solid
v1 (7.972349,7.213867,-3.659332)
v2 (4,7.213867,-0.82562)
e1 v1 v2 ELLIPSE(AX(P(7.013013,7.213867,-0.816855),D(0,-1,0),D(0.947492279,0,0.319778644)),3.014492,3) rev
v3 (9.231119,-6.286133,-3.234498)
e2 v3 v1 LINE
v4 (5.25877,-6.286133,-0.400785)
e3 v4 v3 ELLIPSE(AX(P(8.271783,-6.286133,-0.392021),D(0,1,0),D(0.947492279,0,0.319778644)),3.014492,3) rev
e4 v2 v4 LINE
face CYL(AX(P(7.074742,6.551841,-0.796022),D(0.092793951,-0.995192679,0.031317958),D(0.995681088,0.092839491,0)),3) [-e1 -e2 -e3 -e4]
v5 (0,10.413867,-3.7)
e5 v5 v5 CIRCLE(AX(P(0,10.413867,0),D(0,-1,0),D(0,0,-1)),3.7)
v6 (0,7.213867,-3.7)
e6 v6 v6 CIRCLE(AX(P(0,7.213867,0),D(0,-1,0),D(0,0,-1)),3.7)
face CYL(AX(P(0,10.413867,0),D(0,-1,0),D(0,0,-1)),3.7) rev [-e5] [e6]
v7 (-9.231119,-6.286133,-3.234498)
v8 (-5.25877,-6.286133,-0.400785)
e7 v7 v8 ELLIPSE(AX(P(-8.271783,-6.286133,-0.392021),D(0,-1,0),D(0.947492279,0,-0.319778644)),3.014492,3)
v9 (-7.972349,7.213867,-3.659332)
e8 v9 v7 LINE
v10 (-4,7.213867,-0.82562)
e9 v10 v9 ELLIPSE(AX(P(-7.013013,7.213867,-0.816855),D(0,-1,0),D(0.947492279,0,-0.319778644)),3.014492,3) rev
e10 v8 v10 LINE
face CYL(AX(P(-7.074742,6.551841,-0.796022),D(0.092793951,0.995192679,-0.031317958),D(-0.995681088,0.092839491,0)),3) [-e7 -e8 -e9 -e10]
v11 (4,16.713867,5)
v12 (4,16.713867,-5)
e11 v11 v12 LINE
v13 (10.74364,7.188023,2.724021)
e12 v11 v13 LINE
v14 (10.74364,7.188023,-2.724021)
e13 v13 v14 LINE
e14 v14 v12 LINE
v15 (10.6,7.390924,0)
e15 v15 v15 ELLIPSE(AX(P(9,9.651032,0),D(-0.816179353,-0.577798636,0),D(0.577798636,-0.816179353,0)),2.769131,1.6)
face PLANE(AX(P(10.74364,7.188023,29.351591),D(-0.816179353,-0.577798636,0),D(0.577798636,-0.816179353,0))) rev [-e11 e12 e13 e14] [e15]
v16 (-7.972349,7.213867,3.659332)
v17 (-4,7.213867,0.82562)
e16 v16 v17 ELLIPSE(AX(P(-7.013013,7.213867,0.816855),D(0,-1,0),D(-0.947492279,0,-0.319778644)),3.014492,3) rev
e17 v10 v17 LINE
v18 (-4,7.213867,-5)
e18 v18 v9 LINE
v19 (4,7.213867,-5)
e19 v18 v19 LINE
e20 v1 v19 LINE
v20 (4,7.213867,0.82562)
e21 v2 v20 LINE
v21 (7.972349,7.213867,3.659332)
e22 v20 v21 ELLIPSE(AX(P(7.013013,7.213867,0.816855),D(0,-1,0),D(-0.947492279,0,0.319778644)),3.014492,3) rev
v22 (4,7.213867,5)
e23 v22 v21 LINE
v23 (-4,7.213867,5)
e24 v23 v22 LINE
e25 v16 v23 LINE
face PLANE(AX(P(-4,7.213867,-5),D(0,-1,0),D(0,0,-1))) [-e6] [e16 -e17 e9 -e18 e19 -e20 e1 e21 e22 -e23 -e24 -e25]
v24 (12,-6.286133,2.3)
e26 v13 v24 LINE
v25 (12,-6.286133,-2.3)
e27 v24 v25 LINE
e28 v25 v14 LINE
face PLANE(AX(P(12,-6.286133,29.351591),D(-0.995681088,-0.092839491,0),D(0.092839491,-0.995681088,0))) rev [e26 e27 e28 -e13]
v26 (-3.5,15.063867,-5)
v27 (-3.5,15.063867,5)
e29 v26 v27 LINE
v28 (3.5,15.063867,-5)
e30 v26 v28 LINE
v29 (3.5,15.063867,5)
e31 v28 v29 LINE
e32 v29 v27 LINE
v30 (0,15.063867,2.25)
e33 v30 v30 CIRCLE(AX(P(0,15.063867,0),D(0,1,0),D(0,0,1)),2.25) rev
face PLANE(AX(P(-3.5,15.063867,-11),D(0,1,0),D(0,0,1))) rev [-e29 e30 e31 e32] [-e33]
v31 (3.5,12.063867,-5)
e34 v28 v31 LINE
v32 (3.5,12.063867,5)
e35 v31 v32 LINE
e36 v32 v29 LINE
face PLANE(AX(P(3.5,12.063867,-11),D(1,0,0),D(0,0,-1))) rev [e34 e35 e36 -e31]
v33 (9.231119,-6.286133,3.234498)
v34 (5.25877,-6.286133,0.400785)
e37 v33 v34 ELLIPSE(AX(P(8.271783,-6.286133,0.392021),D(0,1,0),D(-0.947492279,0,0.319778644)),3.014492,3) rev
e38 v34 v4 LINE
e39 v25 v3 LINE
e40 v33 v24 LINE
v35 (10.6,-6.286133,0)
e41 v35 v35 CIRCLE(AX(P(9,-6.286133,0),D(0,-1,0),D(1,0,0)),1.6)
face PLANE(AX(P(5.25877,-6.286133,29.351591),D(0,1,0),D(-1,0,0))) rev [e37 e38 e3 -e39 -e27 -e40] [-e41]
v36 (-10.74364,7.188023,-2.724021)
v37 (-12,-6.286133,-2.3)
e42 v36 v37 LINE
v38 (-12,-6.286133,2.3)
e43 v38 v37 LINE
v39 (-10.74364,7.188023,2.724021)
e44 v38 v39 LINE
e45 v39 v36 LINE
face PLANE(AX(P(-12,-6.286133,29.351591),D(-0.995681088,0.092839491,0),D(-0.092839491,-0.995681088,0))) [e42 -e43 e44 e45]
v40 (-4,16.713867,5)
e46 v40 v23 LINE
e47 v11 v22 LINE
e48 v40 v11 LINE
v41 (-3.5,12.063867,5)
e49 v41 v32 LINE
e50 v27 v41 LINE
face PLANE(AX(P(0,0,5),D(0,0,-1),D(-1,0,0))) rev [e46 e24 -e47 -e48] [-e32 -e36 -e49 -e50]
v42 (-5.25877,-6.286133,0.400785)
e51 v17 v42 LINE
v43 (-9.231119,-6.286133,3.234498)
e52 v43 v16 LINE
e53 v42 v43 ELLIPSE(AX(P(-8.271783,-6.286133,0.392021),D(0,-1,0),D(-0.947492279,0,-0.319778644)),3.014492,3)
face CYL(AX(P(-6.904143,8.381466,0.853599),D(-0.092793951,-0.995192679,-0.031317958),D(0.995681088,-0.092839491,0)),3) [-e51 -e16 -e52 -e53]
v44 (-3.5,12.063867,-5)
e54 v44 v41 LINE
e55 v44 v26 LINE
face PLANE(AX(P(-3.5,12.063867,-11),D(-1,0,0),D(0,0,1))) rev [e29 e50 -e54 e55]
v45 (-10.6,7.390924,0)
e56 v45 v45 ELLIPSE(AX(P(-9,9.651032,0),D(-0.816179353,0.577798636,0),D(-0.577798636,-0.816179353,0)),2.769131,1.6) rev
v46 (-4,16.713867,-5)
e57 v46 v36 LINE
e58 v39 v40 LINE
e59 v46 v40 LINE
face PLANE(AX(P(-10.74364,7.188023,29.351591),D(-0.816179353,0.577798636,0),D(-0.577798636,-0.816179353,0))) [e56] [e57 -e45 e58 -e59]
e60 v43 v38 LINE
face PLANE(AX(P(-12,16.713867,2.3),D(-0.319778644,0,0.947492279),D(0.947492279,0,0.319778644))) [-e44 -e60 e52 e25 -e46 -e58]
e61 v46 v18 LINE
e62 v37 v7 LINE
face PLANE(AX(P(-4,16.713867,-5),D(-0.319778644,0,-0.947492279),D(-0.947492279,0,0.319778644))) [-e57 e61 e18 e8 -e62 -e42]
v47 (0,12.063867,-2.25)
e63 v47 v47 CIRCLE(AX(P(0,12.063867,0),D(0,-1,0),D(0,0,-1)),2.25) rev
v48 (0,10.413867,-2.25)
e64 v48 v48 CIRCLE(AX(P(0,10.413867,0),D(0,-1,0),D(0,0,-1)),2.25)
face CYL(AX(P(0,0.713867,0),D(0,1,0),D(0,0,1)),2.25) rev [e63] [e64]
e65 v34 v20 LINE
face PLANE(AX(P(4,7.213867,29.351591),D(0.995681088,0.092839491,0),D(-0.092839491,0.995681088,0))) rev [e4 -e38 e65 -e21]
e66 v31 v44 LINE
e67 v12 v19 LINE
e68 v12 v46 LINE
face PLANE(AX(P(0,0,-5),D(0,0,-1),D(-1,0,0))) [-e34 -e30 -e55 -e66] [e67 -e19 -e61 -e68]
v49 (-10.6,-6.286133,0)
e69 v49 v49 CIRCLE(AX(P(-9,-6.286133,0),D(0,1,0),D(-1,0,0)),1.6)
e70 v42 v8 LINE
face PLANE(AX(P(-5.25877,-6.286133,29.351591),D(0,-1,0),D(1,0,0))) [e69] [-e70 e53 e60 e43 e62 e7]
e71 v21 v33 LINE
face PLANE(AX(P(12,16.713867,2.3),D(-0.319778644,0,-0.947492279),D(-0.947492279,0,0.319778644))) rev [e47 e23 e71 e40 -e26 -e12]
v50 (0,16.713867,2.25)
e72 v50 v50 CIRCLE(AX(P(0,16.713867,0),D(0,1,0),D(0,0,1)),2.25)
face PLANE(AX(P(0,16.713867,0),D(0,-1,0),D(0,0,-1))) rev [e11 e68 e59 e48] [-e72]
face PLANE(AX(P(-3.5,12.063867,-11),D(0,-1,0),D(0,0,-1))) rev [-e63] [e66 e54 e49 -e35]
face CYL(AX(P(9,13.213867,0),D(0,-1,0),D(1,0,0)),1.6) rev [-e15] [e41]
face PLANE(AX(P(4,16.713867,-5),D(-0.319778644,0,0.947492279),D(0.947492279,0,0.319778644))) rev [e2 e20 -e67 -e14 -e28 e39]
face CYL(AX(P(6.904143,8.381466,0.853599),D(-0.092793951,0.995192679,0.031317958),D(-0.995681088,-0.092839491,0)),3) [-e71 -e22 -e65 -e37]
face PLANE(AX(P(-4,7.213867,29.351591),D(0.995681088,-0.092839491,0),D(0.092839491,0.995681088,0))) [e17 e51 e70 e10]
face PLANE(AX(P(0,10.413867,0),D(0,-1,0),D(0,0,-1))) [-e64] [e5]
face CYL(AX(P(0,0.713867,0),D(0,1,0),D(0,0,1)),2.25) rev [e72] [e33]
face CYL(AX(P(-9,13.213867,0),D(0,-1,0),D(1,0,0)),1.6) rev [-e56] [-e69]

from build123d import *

# Parameters (mm, degrees)
JOINT_BODY_DEPTH      = 5
JOINT_BODY_DEPTH_BACK = 5
ESQUISSE1_W           = 8
ESQUISSE1_H           = 6.5
ESQUISSE2_R           = 3.7
BEARINGHOLE_DEPTH     = 3.2
ESQUISSE4_W           = 8
ESQUISSE4_H           = 10
LOCKEREXTRUDE_DEPTH   = 3
ESQUISSE5_R           = 2.25
AXEHOLE_DEPTH         = 16
ESQUISSE6_W           = 7
ESQUISSE6_H           = 3
LOCKERHOLE_DEPTH      = 16
FIXATIONEXTRUDE_START = -5
FIXATIONEXTRUDE_DEPTH = 10
ESQUISSE8_R           = 1.6
FIXATIONHOLE_DEPTH    = 19.5
FIXATIONPROFILE_DEPTH = 27.419689627
CONG_1_R              = 3


with BuildPart() as part:
    # Esquisse1 → Joint body (new, two sides: drawn at the far end of the back side and taken through both)
    with BuildSketch(Plane.XY.offset(-JOINT_BODY_DEPTH_BACK)):
        with Locations((0, 10.463867403)):
            Rectangle(ESQUISSE1_W, ESQUISSE1_H)
    extrude(amount=JOINT_BODY_DEPTH + JOINT_BODY_DEPTH_BACK)

    # Esquisse2 → BearingHole (cut)
    with BuildSketch(Plane.XZ.offset(-7.213867403)):
        with Locations(Location((0, 0, 0), (0, 0, 270))):
            Circle(ESQUISSE2_R)
    extrude(amount=-BEARINGHOLE_DEPTH, mode=Mode.SUBTRACT)

    # Esquisse4 → LockerExtrude (add)
    with BuildSketch(Plane(origin=(0, 13.713867403, 0), x_dir=(1, 0, 0), z_dir=(0, 1, 0))):
        Rectangle(ESQUISSE4_W, ESQUISSE4_H)
    extrude(amount=LOCKEREXTRUDE_DEPTH)

    # Esquisse5 → AxeHole (cut)
    with BuildSketch(Plane(origin=(0, 16.713867403, 0), x_dir=(1, 0, 0), z_dir=(0, 1, 0))):
        with Locations(Location((0, 0, 0), (0, 0, 270))):
            Circle(ESQUISSE5_R)
    extrude(amount=-AXEHOLE_DEPTH, mode=Mode.SUBTRACT)

    # Esquisse6 → LockerHole (cut)
    with BuildSketch(Plane.XY.offset(5)):
        with Locations((0, 13.563867403)):
            Rectangle(ESQUISSE6_W, ESQUISSE6_H)
    extrude(amount=-LOCKERHOLE_DEPTH, mode=Mode.SUBTRACT)

    # Esquisse7 → FixationExtrude (add)
    with BuildSketch(Plane.XY.offset(FIXATIONEXTRUDE_START)):
        Polygon((12, -6.286132597), (10.743640135, 7.188023114), (4, 16.713867403), (4, 7.213867403), (5.258769643, -6.286132597), align=None)
    fixationextrude = extrude(amount=FIXATIONEXTRUDE_DEPTH)

    # Esquisse8 → FixationHole (cut)
    with BuildSketch(Plane.XZ.offset(6.286132597)):
        with Locations((9, 0)):
            Circle(ESQUISSE8_R)
    fixationhole = extrude(amount=-FIXATIONHOLE_DEPTH, mode=Mode.SUBTRACT)

    # Esquisse10 → FixationProfile (cut, through all)
    with BuildSketch(Plane.XZ.offset(6.286132597)):
        Polygon((12, 2.3), (12, 5), (4, 5), align=None)
        Polygon((12, -2.3), (12, -5), (4, -5), align=None)
    fixationprofile = extrude(amount=-FIXATIONPROFILE_DEPTH, mode=Mode.SUBTRACT)

    # Symétrie3: FixationExtrude, FixationHole, FixationProfile across plane
    add(fixationextrude.mirror(Plane(origin=(0, 0, 0), x_dir=(0, 0, 1), z_dir=(1, 0, 0))))
    add(fixationhole.mirror(Plane(origin=(0, 0, 0), x_dir=(0, 0, 1), z_dir=(1, 0, 0))), mode=Mode.SUBTRACT)
    add(fixationprofile.mirror(Plane(origin=(0, 0, 0), x_dir=(0, 0, 1), z_dir=(1, 0, 0))), mode=Mode.SUBTRACT)

    # Congé1
    cong_1_edges = [part.edges().sort_by_distance(p)[0] for p in [
        (-4.629384821, 0.463867403, -4.787582623),
        (-4.629384821, 0.463867403, 4.787582623),
        (4.629384821, 0.463867403, 4.787582623),
        (4.629384821, 0.463867403, -4.787582623),
    ]]
    fillet(cong_1_edges, radius=CONG_1_R)


solid = part.part
